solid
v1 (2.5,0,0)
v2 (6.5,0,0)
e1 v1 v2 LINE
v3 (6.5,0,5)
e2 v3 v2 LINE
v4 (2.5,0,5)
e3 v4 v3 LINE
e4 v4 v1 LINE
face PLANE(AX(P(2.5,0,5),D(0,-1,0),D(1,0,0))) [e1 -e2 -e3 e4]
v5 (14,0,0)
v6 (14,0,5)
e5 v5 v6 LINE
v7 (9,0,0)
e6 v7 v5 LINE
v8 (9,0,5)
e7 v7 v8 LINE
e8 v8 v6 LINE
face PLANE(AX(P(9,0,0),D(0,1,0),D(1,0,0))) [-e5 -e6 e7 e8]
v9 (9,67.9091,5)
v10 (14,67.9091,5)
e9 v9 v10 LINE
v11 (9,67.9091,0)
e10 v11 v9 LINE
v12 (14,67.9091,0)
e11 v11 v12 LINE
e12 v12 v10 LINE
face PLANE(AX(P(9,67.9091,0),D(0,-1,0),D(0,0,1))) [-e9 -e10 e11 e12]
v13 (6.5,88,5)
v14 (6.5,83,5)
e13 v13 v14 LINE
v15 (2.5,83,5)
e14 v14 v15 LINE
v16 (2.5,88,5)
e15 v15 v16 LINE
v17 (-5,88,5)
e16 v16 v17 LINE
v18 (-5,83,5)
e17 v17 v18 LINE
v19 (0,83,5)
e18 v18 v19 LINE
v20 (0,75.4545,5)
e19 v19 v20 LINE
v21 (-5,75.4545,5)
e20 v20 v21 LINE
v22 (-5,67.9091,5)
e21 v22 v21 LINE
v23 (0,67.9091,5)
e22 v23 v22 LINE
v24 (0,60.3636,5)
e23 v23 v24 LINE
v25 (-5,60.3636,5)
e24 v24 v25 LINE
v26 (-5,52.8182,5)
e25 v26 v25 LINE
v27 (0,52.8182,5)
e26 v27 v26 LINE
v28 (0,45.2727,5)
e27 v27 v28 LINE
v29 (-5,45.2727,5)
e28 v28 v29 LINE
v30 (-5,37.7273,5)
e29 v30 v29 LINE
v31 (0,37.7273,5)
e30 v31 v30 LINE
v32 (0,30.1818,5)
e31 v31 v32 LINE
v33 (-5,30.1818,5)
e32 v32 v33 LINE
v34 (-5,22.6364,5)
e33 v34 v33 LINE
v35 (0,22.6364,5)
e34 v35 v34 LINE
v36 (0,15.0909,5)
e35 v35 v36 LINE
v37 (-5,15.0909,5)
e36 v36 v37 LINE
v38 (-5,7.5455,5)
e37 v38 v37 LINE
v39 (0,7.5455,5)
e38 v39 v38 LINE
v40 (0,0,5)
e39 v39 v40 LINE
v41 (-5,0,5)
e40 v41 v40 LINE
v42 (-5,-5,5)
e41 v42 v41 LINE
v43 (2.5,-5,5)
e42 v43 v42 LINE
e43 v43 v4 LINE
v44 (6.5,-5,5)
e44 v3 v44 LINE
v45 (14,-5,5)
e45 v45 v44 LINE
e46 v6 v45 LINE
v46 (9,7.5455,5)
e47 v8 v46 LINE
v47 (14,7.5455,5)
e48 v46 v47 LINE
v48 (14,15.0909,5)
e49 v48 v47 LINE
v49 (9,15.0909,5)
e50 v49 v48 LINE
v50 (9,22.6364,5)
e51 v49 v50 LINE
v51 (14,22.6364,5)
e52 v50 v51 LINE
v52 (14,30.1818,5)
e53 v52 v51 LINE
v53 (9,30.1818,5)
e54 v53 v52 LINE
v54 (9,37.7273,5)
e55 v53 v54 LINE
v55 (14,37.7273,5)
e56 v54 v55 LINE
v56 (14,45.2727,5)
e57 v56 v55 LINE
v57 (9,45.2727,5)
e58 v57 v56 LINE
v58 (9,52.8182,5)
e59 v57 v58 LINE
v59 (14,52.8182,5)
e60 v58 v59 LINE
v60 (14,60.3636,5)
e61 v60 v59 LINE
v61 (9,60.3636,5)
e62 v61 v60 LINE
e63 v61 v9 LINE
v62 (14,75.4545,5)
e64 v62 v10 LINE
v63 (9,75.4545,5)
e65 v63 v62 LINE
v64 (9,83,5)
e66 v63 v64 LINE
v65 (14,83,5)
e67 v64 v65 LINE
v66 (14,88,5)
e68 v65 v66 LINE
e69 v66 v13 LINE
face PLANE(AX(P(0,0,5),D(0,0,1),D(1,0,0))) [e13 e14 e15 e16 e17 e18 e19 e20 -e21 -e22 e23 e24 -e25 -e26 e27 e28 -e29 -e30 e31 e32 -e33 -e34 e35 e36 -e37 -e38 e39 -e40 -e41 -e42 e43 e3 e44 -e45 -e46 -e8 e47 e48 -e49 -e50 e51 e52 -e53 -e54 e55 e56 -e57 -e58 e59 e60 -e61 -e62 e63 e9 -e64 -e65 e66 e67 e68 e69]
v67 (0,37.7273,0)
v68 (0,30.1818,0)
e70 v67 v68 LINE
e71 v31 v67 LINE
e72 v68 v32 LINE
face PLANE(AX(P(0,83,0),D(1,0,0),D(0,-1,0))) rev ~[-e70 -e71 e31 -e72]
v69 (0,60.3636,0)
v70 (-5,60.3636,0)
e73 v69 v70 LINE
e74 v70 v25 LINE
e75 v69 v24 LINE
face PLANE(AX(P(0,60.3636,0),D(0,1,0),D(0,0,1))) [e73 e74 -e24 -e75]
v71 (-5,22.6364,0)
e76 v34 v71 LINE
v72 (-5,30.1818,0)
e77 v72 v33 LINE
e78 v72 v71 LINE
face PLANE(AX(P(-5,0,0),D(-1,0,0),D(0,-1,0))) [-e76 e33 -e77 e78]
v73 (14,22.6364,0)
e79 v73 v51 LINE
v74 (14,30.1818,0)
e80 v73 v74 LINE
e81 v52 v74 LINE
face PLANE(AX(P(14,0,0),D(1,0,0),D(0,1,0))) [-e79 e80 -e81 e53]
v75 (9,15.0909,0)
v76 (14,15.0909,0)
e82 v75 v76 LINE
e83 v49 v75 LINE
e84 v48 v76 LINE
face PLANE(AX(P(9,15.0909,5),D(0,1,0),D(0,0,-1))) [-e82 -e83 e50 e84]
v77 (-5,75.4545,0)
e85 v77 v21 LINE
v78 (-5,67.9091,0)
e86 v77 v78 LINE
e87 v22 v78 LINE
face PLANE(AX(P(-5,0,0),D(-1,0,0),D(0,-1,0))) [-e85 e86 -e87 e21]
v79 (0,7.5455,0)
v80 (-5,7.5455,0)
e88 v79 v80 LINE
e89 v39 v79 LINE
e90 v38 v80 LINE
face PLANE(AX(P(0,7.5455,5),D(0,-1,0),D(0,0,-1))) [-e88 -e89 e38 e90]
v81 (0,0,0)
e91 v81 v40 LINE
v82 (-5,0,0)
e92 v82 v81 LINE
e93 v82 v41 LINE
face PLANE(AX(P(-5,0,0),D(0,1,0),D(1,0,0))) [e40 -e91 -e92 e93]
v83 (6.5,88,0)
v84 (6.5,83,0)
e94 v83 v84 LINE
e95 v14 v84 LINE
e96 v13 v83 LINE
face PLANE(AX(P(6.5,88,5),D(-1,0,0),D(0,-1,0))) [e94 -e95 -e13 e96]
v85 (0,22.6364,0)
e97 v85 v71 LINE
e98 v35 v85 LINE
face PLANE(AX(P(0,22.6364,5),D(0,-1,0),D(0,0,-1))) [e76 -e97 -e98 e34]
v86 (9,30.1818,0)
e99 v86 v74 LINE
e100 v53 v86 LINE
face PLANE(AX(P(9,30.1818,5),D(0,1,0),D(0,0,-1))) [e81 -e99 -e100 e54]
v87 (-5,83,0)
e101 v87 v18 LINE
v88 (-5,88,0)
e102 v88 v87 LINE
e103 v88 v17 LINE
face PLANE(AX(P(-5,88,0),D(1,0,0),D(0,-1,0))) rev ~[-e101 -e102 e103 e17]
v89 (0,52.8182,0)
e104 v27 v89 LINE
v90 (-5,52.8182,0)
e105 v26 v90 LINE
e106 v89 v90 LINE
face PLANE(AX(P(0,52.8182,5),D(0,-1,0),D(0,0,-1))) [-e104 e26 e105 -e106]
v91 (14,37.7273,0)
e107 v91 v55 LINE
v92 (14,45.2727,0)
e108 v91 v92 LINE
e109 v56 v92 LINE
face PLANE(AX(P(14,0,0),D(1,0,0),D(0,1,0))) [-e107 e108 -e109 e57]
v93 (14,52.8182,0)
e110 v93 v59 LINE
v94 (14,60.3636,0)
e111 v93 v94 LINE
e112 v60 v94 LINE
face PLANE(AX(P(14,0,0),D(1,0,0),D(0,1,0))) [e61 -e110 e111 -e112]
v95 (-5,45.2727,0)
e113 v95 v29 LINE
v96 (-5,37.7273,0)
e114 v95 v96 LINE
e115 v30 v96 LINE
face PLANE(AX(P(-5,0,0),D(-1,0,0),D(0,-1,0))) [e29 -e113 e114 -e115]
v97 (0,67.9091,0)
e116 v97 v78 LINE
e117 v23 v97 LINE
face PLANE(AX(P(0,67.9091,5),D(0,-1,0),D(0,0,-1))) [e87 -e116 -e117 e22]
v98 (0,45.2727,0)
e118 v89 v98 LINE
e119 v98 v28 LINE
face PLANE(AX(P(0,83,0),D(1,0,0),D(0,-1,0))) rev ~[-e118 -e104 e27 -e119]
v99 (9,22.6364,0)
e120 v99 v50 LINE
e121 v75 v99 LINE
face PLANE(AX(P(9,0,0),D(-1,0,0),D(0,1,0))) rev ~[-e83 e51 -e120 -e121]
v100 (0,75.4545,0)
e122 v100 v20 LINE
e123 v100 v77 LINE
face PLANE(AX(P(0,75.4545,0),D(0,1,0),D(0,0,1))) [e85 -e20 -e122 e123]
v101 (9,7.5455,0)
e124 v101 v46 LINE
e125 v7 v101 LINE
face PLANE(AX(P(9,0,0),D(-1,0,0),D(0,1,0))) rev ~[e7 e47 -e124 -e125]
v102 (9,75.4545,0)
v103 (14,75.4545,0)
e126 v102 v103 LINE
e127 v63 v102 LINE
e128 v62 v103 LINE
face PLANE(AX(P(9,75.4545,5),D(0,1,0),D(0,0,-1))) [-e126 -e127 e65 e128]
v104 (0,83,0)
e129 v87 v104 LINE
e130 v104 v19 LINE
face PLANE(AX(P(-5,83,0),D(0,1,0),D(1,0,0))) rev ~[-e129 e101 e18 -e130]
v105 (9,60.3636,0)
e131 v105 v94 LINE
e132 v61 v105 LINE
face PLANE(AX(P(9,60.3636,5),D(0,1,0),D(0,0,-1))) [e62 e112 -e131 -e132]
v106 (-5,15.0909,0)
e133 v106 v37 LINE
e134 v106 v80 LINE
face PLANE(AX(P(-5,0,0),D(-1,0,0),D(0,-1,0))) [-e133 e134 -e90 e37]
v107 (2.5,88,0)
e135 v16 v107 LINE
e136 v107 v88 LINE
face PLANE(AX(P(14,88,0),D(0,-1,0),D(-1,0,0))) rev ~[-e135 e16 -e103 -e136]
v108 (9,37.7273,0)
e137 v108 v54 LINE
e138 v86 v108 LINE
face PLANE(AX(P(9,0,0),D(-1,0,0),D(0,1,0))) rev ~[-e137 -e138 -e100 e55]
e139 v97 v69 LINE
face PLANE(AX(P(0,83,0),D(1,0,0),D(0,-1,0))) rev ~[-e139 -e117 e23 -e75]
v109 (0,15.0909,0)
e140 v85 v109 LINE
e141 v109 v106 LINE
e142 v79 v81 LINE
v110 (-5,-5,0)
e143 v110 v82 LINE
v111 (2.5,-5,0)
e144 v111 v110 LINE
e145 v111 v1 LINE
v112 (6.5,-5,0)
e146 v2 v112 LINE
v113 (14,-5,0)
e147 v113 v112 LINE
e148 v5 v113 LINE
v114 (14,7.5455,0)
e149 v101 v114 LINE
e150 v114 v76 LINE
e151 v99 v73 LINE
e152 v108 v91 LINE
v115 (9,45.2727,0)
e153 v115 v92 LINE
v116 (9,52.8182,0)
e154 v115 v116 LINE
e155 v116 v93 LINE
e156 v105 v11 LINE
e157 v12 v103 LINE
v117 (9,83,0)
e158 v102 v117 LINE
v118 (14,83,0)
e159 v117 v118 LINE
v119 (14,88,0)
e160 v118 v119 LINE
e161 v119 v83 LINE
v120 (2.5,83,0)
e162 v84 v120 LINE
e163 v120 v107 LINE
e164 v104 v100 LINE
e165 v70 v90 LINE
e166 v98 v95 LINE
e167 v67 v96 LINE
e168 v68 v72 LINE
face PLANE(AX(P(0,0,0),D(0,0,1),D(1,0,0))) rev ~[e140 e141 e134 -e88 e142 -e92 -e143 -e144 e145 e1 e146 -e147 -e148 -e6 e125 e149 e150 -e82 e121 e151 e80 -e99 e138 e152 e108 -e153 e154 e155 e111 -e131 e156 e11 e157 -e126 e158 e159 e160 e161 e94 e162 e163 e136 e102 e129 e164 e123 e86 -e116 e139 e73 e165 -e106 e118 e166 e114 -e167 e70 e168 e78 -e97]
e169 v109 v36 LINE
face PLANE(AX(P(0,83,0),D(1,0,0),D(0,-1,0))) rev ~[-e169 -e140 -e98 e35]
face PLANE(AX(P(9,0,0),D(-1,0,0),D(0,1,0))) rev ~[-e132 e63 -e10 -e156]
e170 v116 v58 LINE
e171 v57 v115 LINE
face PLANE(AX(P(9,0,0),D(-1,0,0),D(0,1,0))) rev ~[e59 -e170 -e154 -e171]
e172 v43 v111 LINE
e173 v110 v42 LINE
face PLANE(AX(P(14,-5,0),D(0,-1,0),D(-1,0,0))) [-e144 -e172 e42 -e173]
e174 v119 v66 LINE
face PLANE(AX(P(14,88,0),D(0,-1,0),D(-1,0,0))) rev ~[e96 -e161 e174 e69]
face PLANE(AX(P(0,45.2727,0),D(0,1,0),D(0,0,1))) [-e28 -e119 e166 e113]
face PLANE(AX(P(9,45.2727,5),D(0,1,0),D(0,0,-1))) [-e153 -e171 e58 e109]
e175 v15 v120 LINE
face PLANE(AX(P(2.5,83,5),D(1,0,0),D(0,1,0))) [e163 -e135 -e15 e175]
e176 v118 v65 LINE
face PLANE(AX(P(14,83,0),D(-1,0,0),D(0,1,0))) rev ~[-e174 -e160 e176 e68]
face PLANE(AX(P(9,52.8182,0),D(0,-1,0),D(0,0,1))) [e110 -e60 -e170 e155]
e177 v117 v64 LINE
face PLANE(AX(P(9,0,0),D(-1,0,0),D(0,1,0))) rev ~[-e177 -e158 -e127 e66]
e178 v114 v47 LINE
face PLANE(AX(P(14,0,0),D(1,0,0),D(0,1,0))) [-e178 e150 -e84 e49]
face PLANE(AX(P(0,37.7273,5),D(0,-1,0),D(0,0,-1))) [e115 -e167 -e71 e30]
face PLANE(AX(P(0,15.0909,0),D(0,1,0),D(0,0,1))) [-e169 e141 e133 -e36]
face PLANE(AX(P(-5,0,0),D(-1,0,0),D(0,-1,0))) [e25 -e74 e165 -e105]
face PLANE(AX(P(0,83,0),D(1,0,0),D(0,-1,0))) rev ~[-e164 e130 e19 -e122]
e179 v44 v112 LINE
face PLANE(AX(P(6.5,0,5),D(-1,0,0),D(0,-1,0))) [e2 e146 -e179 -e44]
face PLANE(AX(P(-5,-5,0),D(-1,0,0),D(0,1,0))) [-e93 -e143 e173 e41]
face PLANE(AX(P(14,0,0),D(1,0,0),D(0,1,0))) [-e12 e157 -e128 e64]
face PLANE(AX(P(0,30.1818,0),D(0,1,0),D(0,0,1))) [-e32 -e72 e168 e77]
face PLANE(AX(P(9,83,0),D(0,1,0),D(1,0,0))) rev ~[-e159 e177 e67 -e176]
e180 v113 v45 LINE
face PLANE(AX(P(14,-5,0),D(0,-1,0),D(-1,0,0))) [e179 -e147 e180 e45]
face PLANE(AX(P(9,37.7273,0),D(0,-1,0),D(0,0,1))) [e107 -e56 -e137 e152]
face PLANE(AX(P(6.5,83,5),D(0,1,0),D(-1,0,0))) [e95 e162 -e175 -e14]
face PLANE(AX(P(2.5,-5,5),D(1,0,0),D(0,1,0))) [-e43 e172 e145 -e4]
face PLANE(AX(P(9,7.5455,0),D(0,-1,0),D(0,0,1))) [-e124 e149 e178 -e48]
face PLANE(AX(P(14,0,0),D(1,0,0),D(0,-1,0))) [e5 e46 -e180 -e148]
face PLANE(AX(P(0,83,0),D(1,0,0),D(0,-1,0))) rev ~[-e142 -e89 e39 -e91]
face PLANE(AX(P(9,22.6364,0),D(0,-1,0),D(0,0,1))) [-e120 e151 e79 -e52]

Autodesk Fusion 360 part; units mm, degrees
sketch "Sketch1" plane through (0, 0, 0) normal (0, 0, 1) x (1, 0, 0)
  line L0 (0, 0) -> (9, 0)
  line L1 (9, 0) -> (9, 83)
  line L2 (9, 83) -> (0, 83)
  line L3 (0, 83) -> (0, 0)
  dimension "d5" = 9
  dimension "d6" = 83
extrude "Extrude1" add sketch "Sketch1" along normal blind 5
sketch "Sketch2" plane through (9, 0, 0) normal (1, 0, 0) x (0, 1, 0)
  line L0 (0, 0) -> (83, 0)
  line L1 (83, 0) -> (83, 5)
  line L2 (83, 5) -> (0, 5)
  line L3 (0, 5) -> (0, 0)
  line L4 (7.5455, 5) -> (15.0909, 5)
  line L5 (15.0909, 5) -> (15.0909, 0)
  line L6 (15.0909, 0) -> (7.5455, 0)
  line L7 (7.5455, 0) -> (7.5455, 5)
  line L8 (22.6364, 0) -> (22.6364, 5)
  line L9 (22.6364, 5) -> (30.1818, 5)
  line L10 (30.1818, 0) -> (22.6364, 0)
  line L11 (30.1818, 5) -> (30.1818, 0)
  line L12 (37.7273, 0) -> (37.7273, 5)
  line L13 (37.7273, 5) -> (45.2727, 5)
  line L14 (45.2727, 0) -> (37.7273, 0)
  line L15 (45.2727, 5) -> (45.2727, 0)
  line L16 (52.8182, 0) -> (52.8182, 5)
  line L17 (52.8182, 5) -> (60.3636, 5)
  line L18 (60.3636, 0) -> (52.8182, 0)
  line L19 (60.3636, 5) -> (60.3636, 0)
  line L20 (67.9091, 0) -> (67.9091, 5)
  line L21 (67.9091, 5) -> (75.4545, 5)
  line L22 (75.4545, 0) -> (67.9091, 0)
  line L23 (75.4545, 5) -> (75.4545, 0)
  dimension "d9" = 7.5455
  dimension "d10" = 7.5455
  dimension "d13" = 60.3636
  dimension "d14" = 0
extrude "Extrude2" add sketch "Sketch2" along normal blind 5 contours L0 L2 L4 L5 L6 L7 | L0 L2 L8 L9 L10 L11 | L0 L2 L12 L13 L14 L15 | L0 L2 L16 L17 L18 L19 | L0 L2 L20 L21 L22 L23
sketch "Sketch3" plane through (0, 0, 0) normal (-1, 0, 0) x (0, -1, 0)
  line L0 (-83, 0) -> (0, 0)
  line L1 (0, 0) -> (0, 5)
  line L2 (0, 5) -> (-83, 5)
  line L3 (-83, 5) -> (-83, 0)
  line L4 (-75.4545, 5) -> (-67.9091, 5)
  line L5 (-67.9091, 5) -> (-67.9091, 0)
  line L6 (-67.9091, 0) -> (-75.4545, 0)
  line L7 (-75.4545, 0) -> (-75.4545, 5)
  line L8 (-60.3636, 0) -> (-60.3636, 5)
  line L9 (-60.3636, 5) -> (-52.8182, 5)
  line L10 (-52.8182, 0) -> (-60.3636, 0)
  line L11 (-52.8182, 5) -> (-52.8182, 0)
  line L12 (-45.2727, 0) -> (-45.2727, 5)
  line L13 (-45.2727, 5) -> (-37.7273, 5)
  line L14 (-37.7273, 0) -> (-45.2727, 0)
  line L15 (-37.7273, 5) -> (-37.7273, 0)
  line L16 (-30.1818, 0) -> (-30.1818, 5)
  line L17 (-30.1818, 5) -> (-22.6364, 5)
  line L18 (-22.6364, 0) -> (-30.1818, 0)
  line L19 (-22.6364, 5) -> (-22.6364, 0)
  line L20 (-15.0909, 0) -> (-15.0909, 5)
  line L21 (-15.0909, 5) -> (-7.5455, 5)
  line L22 (-7.5455, 0) -> (-15.0909, 0)
  line L23 (-7.5455, 5) -> (-7.5455, 0)
  point P0 (-75.4545, 5)
  dimension "d17" = 7.5455
  dimension "d20" = 60.3636
  dimension "d21" = 0
extrude "Extrude3" add sketch "Sketch3" along normal blind 5 contours L0 L2 L4 L5 L6 L7 | L0 L2 L8 L9 L10 L11 | L0 L2 L12 L13 L14 L15 | L0 L2 L16 L17 L18 L19 | L0 L2 L20 L21 L22 L23
sketch "Sketch4" plane through (0, 0, 0) normal (0, -1, 0) x (1, 0, 0)
  line L0 (0, 0) -> (9, 0)
  line L1 (9, 0) -> (9, 5)
  line L2 (9, 5) -> (0, 5)
  line L3 (0, 5) -> (0, 0)
sketch "Sketch5" plane through (0, 0, 0) normal (0, 0, 1) x (1, 0, 0)
  line L0 (-5, 0) -> (14, 0)
  line L1 (14, 0) -> (14, -5)
  line L2 (14, -5) -> (-5, -5)
  line L3 (-5, -5) -> (-5, 0)
  line L4 (0, 7.5455) -> (0, 0) construction
  line L5 (0, 0) -> (9, 0)
  point P0 (-5, 7.5455)
  dimension "d24" = 5
  dimension "d25" = 19
  dimension "d44" = 5
extrude "Extrude4" cut sketch "Sketch5" along normal blind 5
extrude "Extrude5" add sketch "Sketch5" along normal blind 5
sketch "Sketch6" plane through (0, 0, 0) normal (0, 0, 1) x (1, 0, 0)
  line L0 (-5, 83) -> (14, 83)
  line L1 (14, 83) -> (14, 88)
  line L2 (14, 88) -> (-5, 88)
  line L3 (-5, 88) -> (-5, 83)
  line L4 (9, 83) -> (0, 83)
  point P0 (0, 83)
  point P1 (-5, 75.4545)
  dimension "d31" = 19
  dimension "d32" = 5
  dimension "d43" = 5
extrude "Extrude6" cut sketch "Sketch6" along normal blind 5
extrude "Extrude7" add sketch "Sketch6" along normal blind 5
sketch "Sketch7" plane through (0, 0, 5) normal (0, 0, 1) x (-1, 0, 0)
  line L0 (0, -83) -> (0, -75.4545)
  line L1 (0, -75.4545) -> (5, -75.4545)
  line L2 (5, -75.4545) -> (5, -67.9091)
  line L3 (5, -67.9091) -> (0, -67.9091)
  line L4 (0, -67.9091) -> (0, -60.3636)
  line L5 (0, -60.3636) -> (5, -60.3636)
  line L6 (5, -60.3636) -> (5, -52.8182)
  line L7 (5, -52.8182) -> (0, -52.8182)
  line L8 (0, -52.8182) -> (0, -45.2727)
  line L9 (0, -45.2727) -> (5, -45.2727)
  line L10 (5, -45.2727) -> (5, -37.7273)
  line L11 (5, -37.7273) -> (0, -37.7273)
  line L12 (0, -37.7273) -> (0, -30.1818)
  line L13 (0, -30.1818) -> (5, -30.1818)
  line L14 (5, -30.1818) -> (5, -22.6364)
  line L15 (5, -22.6364) -> (0, -22.6364)
  line L16 (0, -22.6364) -> (0, -15.0909)
  line L17 (0, -15.0909) -> (5, -15.0909)
  line L18 (5, -15.0909) -> (5, -7.5455)
  line L19 (5, -7.5455) -> (0, -7.5455)
  line L20 (0, -7.5455) -> (0, 0)
  line L21 (0, 0) -> (5, 0)
  line L22 (5, 0) -> (5, 5)
  line L23 (5, 5) -> (-14, 5)
  line L24 (-14, 5) -> (-14, 0)
  line L25 (-14, 0) -> (-9, 0)
  line L26 (-9, 0) -> (-9, -7.5455)
  line L27 (-9, -7.5455) -> (-14, -7.5455)
  line L28 (-14, -7.5455) -> (-14, -15.0909)
  line L29 (-14, -15.0909) -> (-9, -15.0909)
  line L30 (-9, -15.0909) -> (-9, -22.6364)
  line L31 (-9, -22.6364) -> (-14, -22.6364)
  line L32 (-14, -22.6364) -> (-14, -30.1818)
  line L33 (-14, -30.1818) -> (-9, -30.1818)
  line L34 (-9, -30.1818) -> (-9, -37.7273)
  line L35 (-9, -37.7273) -> (-14, -37.7273)
  line L36 (-14, -37.7273) -> (-14, -45.2727)
  line L37 (-14, -45.2727) -> (-9, -45.2727)
  line L38 (-9, -45.2727) -> (-9, -52.8182)
  line L39 (-9, -52.8182) -> (-14, -52.8182)
  line L40 (-14, -52.8182) -> (-14, -60.3636)
  line L41 (-14, -60.3636) -> (-9, -60.3636)
  line L42 (-9, -60.3636) -> (-9, -67.9091)
  line L43 (-9, -67.9091) -> (-14, -67.9091)
  line L44 (-14, -67.9091) -> (-14, -75.4545)
  line L45 (-14, -75.4545) -> (-9, -75.4545)
  line L46 (-9, -75.4545) -> (-9, -83)
  line L47 (-9, -83) -> (-14, -83)
  line L48 (-14, -83) -> (-14, -88)
  line L49 (-14, -88) -> (5, -88)
  line L50 (5, -88) -> (5, -83)
  line L51 (5, -83) -> (0, -83)
  line L52 (-2.5, 0) -> (-6.5, 0)
  line L53 (-6.5, 0) -> (-6.5, 5)
  line L54 (-6.5, 5) -> (-2.5, 5)
  line L55 (-2.5, 5) -> (-2.5, 0)
  line L56 (-6.5, 0) -> (-9, 0) construction
  line L57 (0, 0) -> (-2.5, 0) construction
  line L58 (-2.5, -88) -> (-6.5, -88)
  line L59 (-6.5, -88) -> (-6.5, -83)
  line L60 (-6.5, -83) -> (-2.5, -83)
  line L61 (-2.5, -83) -> (-2.5, -88)
  line L62 (-6.5, -83) -> (-9, -83) construction
  line L63 (-2.5, -83) -> (0, -83) construction
  dimension "d41" = 4
  dimension "d42" = 5
  dimension "d45" = 5
  dimension "d46" = 4
extrude "Extrude9" cut sketch "Sketch7" against normal blind 5 contours L23 L52 L53 L54 L55
extrude "Extrude8" cut sketch "Sketch7" against normal blind 5 contours L49 L58 L59 L60 L61
equation "paksus = 5 mm"
equation "pikkus = 83 mm"
equation "pikkus_tapp = pikkus / 11"
equation "laius = 9 mm"
equation "d5 = laius"
equation "d6 = pikkus"
equation "d7 = paksus"
equation "d9 = pikkus_tapp"
equation "d10 = pikkus_tapp"
equation "d13 = pikkus - 2 * pikkus_tapp - pikkus_tapp"
equation "d15 = paksus"
equation "d17 = pikkus_tapp"
equation "d20 = pikkus - 2 * pikkus_tapp - pikkus_tapp"
equation "d22 = paksus"
equation "d24 = paksus"
equation "d25 = 2 * paksus + laius"
equation "d27 = paksus"
equation "d29 = paksus"
equation "d31 = 2 * paksus + laius"
equation "d32 = paksus"
equation "d34 = paksus"
equation "d36 = paksus"
equation "d44 = paksus"
equation "d45 = paksus"
equation "d47 = -paksus"
equation "d49 = -paksus"
